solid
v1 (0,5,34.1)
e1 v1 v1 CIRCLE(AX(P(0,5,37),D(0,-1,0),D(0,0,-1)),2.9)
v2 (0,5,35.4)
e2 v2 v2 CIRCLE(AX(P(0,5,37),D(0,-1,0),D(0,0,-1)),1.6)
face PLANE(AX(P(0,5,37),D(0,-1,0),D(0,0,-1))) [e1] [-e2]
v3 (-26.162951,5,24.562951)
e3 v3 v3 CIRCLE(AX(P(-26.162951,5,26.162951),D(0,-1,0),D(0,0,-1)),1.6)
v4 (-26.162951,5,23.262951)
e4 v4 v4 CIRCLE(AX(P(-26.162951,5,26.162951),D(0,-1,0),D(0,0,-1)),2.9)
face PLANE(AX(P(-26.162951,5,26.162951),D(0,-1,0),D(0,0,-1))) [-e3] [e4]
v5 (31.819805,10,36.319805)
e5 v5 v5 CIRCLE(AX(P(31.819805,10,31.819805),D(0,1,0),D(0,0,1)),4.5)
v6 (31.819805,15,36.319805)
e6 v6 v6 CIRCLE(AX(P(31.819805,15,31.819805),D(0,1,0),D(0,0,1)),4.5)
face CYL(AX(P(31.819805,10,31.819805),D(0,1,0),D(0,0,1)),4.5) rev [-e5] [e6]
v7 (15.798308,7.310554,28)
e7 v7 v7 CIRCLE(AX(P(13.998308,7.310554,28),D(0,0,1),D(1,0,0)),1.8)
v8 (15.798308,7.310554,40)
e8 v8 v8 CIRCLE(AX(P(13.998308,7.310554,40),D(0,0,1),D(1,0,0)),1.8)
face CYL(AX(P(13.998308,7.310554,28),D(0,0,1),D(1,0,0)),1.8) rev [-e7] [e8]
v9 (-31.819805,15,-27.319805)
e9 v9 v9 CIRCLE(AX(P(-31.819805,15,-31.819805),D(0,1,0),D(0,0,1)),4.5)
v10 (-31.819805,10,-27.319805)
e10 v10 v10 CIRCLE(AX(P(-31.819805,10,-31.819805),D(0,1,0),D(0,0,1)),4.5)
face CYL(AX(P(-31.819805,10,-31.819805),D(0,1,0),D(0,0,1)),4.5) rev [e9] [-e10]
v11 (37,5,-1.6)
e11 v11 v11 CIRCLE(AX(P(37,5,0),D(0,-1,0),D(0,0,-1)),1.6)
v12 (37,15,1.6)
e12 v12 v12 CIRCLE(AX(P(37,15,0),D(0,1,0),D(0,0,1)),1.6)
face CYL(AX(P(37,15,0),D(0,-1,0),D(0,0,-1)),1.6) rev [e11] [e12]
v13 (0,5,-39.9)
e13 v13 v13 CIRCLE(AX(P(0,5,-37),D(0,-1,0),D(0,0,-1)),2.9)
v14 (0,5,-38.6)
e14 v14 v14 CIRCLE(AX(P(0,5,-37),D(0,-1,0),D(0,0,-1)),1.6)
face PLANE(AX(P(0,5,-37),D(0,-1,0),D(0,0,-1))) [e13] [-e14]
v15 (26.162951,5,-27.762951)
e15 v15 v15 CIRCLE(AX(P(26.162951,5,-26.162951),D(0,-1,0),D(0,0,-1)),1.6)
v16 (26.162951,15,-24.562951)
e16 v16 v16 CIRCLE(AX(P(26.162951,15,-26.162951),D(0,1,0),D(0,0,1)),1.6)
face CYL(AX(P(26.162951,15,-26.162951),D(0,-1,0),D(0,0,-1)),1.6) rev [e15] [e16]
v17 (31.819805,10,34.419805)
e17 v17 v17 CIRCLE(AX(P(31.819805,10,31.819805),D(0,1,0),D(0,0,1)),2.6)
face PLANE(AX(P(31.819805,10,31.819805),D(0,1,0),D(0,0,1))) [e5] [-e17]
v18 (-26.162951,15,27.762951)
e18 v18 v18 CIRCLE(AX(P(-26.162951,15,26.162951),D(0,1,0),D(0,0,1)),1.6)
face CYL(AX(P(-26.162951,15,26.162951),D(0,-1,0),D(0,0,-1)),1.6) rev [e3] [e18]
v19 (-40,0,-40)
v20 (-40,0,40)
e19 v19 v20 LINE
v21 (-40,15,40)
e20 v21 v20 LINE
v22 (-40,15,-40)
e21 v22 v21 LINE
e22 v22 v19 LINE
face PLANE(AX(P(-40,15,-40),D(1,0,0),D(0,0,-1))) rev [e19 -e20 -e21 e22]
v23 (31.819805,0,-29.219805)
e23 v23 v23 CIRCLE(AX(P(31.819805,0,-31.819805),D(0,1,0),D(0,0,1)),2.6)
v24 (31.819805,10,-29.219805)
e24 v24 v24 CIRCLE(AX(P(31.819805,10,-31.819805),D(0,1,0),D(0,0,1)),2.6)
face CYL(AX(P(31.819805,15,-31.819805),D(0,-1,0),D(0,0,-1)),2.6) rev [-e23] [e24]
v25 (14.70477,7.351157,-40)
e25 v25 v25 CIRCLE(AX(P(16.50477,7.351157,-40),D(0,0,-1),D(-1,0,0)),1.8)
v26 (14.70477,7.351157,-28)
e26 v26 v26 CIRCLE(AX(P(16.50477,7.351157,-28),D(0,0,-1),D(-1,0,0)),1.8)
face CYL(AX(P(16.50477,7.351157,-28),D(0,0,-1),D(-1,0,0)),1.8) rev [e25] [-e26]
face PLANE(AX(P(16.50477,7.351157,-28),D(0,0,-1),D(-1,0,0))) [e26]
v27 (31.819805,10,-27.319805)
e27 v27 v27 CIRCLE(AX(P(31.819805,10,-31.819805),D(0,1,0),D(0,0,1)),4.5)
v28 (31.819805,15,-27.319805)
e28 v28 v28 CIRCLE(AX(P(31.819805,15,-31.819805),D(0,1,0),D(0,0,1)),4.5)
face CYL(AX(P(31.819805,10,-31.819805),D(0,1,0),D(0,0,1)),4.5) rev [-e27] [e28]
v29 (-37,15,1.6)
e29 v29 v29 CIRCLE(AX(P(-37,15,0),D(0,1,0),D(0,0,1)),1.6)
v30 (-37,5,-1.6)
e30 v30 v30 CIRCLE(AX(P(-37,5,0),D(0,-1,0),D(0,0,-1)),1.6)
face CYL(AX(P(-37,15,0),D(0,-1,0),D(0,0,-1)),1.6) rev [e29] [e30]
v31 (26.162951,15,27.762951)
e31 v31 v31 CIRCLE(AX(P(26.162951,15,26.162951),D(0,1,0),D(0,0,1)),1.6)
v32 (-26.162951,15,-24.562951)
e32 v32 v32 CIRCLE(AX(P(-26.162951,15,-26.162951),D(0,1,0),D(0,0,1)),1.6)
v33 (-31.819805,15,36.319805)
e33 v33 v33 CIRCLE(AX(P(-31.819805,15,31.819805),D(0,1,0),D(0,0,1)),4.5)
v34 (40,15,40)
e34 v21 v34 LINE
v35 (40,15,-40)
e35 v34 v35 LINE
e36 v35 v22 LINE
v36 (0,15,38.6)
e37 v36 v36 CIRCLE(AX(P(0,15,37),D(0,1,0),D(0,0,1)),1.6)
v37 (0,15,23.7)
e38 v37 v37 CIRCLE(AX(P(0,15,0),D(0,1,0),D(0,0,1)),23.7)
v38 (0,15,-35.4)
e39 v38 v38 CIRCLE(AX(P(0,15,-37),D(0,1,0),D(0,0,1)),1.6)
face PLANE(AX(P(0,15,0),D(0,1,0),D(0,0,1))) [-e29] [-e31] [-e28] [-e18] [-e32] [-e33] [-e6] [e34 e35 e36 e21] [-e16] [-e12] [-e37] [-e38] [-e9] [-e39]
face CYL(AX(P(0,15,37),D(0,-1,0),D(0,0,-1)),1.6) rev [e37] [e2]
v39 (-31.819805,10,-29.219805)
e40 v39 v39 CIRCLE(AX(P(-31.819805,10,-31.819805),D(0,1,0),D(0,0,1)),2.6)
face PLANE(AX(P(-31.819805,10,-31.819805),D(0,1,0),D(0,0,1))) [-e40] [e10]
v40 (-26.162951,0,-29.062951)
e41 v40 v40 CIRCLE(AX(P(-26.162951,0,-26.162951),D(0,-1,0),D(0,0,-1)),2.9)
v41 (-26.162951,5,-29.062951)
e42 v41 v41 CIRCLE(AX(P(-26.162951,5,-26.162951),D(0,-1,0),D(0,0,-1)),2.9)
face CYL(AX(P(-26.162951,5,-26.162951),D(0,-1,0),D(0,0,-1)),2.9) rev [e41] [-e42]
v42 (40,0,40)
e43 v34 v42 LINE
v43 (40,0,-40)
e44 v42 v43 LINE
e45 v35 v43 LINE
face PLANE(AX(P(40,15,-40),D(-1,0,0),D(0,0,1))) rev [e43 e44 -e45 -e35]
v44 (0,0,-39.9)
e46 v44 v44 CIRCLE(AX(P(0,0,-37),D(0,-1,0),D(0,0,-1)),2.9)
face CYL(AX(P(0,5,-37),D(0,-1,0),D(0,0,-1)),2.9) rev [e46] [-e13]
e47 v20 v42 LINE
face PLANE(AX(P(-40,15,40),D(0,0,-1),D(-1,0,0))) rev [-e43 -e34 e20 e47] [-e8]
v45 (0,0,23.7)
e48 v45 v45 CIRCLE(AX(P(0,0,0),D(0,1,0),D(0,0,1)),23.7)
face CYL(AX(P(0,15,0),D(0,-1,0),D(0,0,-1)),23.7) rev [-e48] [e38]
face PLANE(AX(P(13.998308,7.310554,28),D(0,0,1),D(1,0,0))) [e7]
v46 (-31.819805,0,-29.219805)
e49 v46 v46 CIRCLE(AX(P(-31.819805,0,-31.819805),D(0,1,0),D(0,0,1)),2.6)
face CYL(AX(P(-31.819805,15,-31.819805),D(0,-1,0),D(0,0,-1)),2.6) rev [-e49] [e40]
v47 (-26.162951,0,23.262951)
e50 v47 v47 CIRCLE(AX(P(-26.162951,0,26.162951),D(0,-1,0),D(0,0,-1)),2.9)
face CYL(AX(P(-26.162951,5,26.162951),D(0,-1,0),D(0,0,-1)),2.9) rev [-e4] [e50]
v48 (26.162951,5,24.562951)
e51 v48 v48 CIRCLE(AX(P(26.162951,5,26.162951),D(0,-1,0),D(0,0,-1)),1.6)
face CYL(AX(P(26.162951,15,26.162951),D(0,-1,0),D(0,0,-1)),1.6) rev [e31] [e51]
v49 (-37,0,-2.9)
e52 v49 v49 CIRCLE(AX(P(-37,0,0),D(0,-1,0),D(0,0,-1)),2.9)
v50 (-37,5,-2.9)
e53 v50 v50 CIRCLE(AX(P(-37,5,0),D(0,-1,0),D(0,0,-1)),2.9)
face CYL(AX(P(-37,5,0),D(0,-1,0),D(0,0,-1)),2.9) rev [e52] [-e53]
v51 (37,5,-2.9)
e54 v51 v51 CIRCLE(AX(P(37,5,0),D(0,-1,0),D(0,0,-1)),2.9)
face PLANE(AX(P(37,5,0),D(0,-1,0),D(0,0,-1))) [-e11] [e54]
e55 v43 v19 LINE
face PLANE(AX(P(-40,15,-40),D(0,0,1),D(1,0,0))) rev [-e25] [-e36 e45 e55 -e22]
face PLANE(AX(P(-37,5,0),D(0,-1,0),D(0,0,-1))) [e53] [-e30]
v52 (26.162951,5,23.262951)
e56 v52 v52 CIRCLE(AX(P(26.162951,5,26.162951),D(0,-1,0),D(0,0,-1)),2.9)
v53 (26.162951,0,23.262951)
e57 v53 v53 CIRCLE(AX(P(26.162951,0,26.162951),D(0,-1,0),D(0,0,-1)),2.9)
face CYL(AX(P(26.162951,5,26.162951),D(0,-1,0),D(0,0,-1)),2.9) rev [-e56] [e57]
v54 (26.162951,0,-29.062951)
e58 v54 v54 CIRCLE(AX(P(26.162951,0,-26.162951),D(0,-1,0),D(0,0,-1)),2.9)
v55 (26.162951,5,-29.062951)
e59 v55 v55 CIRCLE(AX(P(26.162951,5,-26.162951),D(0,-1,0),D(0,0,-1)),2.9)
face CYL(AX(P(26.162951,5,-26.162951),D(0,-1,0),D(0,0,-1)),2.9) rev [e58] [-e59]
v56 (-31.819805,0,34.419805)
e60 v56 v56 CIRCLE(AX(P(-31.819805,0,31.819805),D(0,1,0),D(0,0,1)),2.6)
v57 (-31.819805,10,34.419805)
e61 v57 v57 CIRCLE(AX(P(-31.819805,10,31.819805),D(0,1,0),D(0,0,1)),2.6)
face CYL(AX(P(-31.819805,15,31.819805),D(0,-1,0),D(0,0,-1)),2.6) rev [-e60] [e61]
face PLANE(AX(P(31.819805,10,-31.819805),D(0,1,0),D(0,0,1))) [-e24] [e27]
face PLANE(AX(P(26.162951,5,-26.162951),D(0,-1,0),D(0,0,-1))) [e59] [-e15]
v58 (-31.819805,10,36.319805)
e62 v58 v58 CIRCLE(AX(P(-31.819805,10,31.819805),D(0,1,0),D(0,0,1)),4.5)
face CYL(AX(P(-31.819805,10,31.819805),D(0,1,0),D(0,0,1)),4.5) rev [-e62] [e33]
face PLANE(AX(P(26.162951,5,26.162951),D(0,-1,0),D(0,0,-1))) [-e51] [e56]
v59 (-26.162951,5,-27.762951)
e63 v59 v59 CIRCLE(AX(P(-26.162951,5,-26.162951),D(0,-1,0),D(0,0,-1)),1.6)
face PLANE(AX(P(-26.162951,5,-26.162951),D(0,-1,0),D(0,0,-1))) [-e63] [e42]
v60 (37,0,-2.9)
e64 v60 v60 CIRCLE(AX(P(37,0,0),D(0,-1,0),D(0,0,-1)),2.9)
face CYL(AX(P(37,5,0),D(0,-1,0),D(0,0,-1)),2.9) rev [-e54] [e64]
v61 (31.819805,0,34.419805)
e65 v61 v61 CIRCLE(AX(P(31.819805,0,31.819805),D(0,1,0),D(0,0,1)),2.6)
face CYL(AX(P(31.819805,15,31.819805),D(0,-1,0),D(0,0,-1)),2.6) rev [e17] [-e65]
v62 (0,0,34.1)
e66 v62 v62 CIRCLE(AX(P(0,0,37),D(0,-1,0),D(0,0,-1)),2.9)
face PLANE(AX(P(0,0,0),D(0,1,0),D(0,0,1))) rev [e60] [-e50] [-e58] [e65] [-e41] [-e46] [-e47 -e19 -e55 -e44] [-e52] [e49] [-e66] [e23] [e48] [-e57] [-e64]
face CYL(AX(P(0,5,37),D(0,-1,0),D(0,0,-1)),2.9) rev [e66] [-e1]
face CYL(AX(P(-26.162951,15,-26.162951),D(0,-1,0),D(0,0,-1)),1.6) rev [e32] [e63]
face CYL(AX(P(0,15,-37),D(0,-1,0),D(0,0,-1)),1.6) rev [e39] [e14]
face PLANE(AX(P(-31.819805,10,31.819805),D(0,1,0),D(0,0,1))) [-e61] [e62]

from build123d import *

# Parameters (mm, degrees)
SKETCH_22_W         = 80
SKETCH_22_H         = 80
SKETCH_22_R         = 1.6
SKETCH_22_R_2       = 23.7
SKETCH_22_R_3       = 2.6
EXTRUDE_1_DEPTH     = 15
SKETCH_24_R         = 2.9
CUT_EXTRUDE_2_DEPTH = 5
SKETCH_26_R         = 4.5
CUT_EXTRUDE_4_DEPTH = 5
SKETCH_31_R         = 1.8
CUT_EXTRUDE_6_DEPTH = 12
SKETCH_36_R         = 1.8
CUT_EXTRUDE_9_DEPTH = 12


with BuildPart() as part:
    # 草图22 → 凸台-拉伸1 (new body)
    with BuildSketch(Plane(origin=(0, 0, 0), x_dir=(1, 0, 0), z_dir=(0, 1, 0))):
        Rectangle(SKETCH_22_W, SKETCH_22_H)
        with Locations((0, 37)):
            Circle(SKETCH_22_R, mode=Mode.SUBTRACT)
        with Locations((26.162950904, 26.162950904)):
            Circle(SKETCH_22_R, mode=Mode.SUBTRACT)
        with Locations((37, 0)):
            Circle(SKETCH_22_R, mode=Mode.SUBTRACT)
        with Locations((26.162950904, -26.162950904)):
            Circle(SKETCH_22_R, mode=Mode.SUBTRACT)
        with Locations((0, -37)):
            Circle(SKETCH_22_R, mode=Mode.SUBTRACT)
        with Locations((-26.162950904, -26.162950904)):
            Circle(SKETCH_22_R, mode=Mode.SUBTRACT)
        with Locations((-37, 0)):
            Circle(SKETCH_22_R, mode=Mode.SUBTRACT)
        with Locations((-26.162950904, 26.162950904)):
            Circle(SKETCH_22_R, mode=Mode.SUBTRACT)
        Circle(SKETCH_22_R_2, mode=Mode.SUBTRACT)
        with Locations((-31.819805153, 31.819805153)):
            Circle(SKETCH_22_R_3, mode=Mode.SUBTRACT)
        with Locations((-31.819805153, -31.819805153)):
            Circle(SKETCH_22_R_3, mode=Mode.SUBTRACT)
        with Locations((31.819805153, -31.819805153)):
            Circle(SKETCH_22_R_3, mode=Mode.SUBTRACT)
        with Locations((31.819805153, 31.819805153)):
            Circle(SKETCH_22_R_3, mode=Mode.SUBTRACT)
    extrude(amount=EXTRUDE_1_DEPTH)

    # 草图24 → 切除-拉伸2 (cut)
    with BuildSketch(Plane.XZ):
        with Locations((0, 37)):
            Circle(SKETCH_24_R)
        with Locations((26.162950904, 26.162950904)):
            Circle(SKETCH_24_R)
        with Locations((37, 0)):
            Circle(SKETCH_24_R)
        with Locations((26.162950904, -26.162950904)):
            Circle(SKETCH_24_R)
        with Locations((0, -37)):
            Circle(SKETCH_24_R)
        with Locations((-26.162950904, -26.162950904)):
            Circle(SKETCH_24_R)
        with Locations((-37, 0)):
            Circle(SKETCH_24_R)
        with Locations((-26.162950904, 26.162950904)):
            Circle(SKETCH_24_R)
    extrude(amount=-CUT_EXTRUDE_2_DEPTH, mode=Mode.SUBTRACT)

    # 草图26 → 切除-拉伸4 (cut)
    with BuildSketch(Plane(origin=(0, 15, 0), x_dir=(1, 0, 0), z_dir=(0, 1, 0))):
        with Locations((-31.819805153, 31.819805153)):
            Circle(SKETCH_26_R)
        with Locations((31.819805153, 31.819805153)):
            Circle(SKETCH_26_R)
        with Locations((31.819805153, -31.819805153)):
            Circle(SKETCH_26_R)
        with Locations((-31.819805153, -31.819805153)):
            Circle(SKETCH_26_R)
    extrude(amount=-CUT_EXTRUDE_4_DEPTH, mode=Mode.SUBTRACT)

    # 草图31 → 切除-拉伸6 (cut)
    with BuildSketch(Plane.XY.offset(40)):
        with Locations((13.998307963, 7.310553575)):
            Circle(SKETCH_31_R)
    extrude(amount=-CUT_EXTRUDE_6_DEPTH, mode=Mode.SUBTRACT)

    # 草图36 → 切除-拉伸9 (cut)
    with BuildSketch(Plane(origin=(0, 0, -40), x_dir=(-1, 0, 0), z_dir=(0, 0, -1))):
        with Locations((-16.504769552, 7.351157317)):
            Circle(SKETCH_36_R)
    extrude(amount=-CUT_EXTRUDE_9_DEPTH, mode=Mode.SUBTRACT)


solid = part.part
